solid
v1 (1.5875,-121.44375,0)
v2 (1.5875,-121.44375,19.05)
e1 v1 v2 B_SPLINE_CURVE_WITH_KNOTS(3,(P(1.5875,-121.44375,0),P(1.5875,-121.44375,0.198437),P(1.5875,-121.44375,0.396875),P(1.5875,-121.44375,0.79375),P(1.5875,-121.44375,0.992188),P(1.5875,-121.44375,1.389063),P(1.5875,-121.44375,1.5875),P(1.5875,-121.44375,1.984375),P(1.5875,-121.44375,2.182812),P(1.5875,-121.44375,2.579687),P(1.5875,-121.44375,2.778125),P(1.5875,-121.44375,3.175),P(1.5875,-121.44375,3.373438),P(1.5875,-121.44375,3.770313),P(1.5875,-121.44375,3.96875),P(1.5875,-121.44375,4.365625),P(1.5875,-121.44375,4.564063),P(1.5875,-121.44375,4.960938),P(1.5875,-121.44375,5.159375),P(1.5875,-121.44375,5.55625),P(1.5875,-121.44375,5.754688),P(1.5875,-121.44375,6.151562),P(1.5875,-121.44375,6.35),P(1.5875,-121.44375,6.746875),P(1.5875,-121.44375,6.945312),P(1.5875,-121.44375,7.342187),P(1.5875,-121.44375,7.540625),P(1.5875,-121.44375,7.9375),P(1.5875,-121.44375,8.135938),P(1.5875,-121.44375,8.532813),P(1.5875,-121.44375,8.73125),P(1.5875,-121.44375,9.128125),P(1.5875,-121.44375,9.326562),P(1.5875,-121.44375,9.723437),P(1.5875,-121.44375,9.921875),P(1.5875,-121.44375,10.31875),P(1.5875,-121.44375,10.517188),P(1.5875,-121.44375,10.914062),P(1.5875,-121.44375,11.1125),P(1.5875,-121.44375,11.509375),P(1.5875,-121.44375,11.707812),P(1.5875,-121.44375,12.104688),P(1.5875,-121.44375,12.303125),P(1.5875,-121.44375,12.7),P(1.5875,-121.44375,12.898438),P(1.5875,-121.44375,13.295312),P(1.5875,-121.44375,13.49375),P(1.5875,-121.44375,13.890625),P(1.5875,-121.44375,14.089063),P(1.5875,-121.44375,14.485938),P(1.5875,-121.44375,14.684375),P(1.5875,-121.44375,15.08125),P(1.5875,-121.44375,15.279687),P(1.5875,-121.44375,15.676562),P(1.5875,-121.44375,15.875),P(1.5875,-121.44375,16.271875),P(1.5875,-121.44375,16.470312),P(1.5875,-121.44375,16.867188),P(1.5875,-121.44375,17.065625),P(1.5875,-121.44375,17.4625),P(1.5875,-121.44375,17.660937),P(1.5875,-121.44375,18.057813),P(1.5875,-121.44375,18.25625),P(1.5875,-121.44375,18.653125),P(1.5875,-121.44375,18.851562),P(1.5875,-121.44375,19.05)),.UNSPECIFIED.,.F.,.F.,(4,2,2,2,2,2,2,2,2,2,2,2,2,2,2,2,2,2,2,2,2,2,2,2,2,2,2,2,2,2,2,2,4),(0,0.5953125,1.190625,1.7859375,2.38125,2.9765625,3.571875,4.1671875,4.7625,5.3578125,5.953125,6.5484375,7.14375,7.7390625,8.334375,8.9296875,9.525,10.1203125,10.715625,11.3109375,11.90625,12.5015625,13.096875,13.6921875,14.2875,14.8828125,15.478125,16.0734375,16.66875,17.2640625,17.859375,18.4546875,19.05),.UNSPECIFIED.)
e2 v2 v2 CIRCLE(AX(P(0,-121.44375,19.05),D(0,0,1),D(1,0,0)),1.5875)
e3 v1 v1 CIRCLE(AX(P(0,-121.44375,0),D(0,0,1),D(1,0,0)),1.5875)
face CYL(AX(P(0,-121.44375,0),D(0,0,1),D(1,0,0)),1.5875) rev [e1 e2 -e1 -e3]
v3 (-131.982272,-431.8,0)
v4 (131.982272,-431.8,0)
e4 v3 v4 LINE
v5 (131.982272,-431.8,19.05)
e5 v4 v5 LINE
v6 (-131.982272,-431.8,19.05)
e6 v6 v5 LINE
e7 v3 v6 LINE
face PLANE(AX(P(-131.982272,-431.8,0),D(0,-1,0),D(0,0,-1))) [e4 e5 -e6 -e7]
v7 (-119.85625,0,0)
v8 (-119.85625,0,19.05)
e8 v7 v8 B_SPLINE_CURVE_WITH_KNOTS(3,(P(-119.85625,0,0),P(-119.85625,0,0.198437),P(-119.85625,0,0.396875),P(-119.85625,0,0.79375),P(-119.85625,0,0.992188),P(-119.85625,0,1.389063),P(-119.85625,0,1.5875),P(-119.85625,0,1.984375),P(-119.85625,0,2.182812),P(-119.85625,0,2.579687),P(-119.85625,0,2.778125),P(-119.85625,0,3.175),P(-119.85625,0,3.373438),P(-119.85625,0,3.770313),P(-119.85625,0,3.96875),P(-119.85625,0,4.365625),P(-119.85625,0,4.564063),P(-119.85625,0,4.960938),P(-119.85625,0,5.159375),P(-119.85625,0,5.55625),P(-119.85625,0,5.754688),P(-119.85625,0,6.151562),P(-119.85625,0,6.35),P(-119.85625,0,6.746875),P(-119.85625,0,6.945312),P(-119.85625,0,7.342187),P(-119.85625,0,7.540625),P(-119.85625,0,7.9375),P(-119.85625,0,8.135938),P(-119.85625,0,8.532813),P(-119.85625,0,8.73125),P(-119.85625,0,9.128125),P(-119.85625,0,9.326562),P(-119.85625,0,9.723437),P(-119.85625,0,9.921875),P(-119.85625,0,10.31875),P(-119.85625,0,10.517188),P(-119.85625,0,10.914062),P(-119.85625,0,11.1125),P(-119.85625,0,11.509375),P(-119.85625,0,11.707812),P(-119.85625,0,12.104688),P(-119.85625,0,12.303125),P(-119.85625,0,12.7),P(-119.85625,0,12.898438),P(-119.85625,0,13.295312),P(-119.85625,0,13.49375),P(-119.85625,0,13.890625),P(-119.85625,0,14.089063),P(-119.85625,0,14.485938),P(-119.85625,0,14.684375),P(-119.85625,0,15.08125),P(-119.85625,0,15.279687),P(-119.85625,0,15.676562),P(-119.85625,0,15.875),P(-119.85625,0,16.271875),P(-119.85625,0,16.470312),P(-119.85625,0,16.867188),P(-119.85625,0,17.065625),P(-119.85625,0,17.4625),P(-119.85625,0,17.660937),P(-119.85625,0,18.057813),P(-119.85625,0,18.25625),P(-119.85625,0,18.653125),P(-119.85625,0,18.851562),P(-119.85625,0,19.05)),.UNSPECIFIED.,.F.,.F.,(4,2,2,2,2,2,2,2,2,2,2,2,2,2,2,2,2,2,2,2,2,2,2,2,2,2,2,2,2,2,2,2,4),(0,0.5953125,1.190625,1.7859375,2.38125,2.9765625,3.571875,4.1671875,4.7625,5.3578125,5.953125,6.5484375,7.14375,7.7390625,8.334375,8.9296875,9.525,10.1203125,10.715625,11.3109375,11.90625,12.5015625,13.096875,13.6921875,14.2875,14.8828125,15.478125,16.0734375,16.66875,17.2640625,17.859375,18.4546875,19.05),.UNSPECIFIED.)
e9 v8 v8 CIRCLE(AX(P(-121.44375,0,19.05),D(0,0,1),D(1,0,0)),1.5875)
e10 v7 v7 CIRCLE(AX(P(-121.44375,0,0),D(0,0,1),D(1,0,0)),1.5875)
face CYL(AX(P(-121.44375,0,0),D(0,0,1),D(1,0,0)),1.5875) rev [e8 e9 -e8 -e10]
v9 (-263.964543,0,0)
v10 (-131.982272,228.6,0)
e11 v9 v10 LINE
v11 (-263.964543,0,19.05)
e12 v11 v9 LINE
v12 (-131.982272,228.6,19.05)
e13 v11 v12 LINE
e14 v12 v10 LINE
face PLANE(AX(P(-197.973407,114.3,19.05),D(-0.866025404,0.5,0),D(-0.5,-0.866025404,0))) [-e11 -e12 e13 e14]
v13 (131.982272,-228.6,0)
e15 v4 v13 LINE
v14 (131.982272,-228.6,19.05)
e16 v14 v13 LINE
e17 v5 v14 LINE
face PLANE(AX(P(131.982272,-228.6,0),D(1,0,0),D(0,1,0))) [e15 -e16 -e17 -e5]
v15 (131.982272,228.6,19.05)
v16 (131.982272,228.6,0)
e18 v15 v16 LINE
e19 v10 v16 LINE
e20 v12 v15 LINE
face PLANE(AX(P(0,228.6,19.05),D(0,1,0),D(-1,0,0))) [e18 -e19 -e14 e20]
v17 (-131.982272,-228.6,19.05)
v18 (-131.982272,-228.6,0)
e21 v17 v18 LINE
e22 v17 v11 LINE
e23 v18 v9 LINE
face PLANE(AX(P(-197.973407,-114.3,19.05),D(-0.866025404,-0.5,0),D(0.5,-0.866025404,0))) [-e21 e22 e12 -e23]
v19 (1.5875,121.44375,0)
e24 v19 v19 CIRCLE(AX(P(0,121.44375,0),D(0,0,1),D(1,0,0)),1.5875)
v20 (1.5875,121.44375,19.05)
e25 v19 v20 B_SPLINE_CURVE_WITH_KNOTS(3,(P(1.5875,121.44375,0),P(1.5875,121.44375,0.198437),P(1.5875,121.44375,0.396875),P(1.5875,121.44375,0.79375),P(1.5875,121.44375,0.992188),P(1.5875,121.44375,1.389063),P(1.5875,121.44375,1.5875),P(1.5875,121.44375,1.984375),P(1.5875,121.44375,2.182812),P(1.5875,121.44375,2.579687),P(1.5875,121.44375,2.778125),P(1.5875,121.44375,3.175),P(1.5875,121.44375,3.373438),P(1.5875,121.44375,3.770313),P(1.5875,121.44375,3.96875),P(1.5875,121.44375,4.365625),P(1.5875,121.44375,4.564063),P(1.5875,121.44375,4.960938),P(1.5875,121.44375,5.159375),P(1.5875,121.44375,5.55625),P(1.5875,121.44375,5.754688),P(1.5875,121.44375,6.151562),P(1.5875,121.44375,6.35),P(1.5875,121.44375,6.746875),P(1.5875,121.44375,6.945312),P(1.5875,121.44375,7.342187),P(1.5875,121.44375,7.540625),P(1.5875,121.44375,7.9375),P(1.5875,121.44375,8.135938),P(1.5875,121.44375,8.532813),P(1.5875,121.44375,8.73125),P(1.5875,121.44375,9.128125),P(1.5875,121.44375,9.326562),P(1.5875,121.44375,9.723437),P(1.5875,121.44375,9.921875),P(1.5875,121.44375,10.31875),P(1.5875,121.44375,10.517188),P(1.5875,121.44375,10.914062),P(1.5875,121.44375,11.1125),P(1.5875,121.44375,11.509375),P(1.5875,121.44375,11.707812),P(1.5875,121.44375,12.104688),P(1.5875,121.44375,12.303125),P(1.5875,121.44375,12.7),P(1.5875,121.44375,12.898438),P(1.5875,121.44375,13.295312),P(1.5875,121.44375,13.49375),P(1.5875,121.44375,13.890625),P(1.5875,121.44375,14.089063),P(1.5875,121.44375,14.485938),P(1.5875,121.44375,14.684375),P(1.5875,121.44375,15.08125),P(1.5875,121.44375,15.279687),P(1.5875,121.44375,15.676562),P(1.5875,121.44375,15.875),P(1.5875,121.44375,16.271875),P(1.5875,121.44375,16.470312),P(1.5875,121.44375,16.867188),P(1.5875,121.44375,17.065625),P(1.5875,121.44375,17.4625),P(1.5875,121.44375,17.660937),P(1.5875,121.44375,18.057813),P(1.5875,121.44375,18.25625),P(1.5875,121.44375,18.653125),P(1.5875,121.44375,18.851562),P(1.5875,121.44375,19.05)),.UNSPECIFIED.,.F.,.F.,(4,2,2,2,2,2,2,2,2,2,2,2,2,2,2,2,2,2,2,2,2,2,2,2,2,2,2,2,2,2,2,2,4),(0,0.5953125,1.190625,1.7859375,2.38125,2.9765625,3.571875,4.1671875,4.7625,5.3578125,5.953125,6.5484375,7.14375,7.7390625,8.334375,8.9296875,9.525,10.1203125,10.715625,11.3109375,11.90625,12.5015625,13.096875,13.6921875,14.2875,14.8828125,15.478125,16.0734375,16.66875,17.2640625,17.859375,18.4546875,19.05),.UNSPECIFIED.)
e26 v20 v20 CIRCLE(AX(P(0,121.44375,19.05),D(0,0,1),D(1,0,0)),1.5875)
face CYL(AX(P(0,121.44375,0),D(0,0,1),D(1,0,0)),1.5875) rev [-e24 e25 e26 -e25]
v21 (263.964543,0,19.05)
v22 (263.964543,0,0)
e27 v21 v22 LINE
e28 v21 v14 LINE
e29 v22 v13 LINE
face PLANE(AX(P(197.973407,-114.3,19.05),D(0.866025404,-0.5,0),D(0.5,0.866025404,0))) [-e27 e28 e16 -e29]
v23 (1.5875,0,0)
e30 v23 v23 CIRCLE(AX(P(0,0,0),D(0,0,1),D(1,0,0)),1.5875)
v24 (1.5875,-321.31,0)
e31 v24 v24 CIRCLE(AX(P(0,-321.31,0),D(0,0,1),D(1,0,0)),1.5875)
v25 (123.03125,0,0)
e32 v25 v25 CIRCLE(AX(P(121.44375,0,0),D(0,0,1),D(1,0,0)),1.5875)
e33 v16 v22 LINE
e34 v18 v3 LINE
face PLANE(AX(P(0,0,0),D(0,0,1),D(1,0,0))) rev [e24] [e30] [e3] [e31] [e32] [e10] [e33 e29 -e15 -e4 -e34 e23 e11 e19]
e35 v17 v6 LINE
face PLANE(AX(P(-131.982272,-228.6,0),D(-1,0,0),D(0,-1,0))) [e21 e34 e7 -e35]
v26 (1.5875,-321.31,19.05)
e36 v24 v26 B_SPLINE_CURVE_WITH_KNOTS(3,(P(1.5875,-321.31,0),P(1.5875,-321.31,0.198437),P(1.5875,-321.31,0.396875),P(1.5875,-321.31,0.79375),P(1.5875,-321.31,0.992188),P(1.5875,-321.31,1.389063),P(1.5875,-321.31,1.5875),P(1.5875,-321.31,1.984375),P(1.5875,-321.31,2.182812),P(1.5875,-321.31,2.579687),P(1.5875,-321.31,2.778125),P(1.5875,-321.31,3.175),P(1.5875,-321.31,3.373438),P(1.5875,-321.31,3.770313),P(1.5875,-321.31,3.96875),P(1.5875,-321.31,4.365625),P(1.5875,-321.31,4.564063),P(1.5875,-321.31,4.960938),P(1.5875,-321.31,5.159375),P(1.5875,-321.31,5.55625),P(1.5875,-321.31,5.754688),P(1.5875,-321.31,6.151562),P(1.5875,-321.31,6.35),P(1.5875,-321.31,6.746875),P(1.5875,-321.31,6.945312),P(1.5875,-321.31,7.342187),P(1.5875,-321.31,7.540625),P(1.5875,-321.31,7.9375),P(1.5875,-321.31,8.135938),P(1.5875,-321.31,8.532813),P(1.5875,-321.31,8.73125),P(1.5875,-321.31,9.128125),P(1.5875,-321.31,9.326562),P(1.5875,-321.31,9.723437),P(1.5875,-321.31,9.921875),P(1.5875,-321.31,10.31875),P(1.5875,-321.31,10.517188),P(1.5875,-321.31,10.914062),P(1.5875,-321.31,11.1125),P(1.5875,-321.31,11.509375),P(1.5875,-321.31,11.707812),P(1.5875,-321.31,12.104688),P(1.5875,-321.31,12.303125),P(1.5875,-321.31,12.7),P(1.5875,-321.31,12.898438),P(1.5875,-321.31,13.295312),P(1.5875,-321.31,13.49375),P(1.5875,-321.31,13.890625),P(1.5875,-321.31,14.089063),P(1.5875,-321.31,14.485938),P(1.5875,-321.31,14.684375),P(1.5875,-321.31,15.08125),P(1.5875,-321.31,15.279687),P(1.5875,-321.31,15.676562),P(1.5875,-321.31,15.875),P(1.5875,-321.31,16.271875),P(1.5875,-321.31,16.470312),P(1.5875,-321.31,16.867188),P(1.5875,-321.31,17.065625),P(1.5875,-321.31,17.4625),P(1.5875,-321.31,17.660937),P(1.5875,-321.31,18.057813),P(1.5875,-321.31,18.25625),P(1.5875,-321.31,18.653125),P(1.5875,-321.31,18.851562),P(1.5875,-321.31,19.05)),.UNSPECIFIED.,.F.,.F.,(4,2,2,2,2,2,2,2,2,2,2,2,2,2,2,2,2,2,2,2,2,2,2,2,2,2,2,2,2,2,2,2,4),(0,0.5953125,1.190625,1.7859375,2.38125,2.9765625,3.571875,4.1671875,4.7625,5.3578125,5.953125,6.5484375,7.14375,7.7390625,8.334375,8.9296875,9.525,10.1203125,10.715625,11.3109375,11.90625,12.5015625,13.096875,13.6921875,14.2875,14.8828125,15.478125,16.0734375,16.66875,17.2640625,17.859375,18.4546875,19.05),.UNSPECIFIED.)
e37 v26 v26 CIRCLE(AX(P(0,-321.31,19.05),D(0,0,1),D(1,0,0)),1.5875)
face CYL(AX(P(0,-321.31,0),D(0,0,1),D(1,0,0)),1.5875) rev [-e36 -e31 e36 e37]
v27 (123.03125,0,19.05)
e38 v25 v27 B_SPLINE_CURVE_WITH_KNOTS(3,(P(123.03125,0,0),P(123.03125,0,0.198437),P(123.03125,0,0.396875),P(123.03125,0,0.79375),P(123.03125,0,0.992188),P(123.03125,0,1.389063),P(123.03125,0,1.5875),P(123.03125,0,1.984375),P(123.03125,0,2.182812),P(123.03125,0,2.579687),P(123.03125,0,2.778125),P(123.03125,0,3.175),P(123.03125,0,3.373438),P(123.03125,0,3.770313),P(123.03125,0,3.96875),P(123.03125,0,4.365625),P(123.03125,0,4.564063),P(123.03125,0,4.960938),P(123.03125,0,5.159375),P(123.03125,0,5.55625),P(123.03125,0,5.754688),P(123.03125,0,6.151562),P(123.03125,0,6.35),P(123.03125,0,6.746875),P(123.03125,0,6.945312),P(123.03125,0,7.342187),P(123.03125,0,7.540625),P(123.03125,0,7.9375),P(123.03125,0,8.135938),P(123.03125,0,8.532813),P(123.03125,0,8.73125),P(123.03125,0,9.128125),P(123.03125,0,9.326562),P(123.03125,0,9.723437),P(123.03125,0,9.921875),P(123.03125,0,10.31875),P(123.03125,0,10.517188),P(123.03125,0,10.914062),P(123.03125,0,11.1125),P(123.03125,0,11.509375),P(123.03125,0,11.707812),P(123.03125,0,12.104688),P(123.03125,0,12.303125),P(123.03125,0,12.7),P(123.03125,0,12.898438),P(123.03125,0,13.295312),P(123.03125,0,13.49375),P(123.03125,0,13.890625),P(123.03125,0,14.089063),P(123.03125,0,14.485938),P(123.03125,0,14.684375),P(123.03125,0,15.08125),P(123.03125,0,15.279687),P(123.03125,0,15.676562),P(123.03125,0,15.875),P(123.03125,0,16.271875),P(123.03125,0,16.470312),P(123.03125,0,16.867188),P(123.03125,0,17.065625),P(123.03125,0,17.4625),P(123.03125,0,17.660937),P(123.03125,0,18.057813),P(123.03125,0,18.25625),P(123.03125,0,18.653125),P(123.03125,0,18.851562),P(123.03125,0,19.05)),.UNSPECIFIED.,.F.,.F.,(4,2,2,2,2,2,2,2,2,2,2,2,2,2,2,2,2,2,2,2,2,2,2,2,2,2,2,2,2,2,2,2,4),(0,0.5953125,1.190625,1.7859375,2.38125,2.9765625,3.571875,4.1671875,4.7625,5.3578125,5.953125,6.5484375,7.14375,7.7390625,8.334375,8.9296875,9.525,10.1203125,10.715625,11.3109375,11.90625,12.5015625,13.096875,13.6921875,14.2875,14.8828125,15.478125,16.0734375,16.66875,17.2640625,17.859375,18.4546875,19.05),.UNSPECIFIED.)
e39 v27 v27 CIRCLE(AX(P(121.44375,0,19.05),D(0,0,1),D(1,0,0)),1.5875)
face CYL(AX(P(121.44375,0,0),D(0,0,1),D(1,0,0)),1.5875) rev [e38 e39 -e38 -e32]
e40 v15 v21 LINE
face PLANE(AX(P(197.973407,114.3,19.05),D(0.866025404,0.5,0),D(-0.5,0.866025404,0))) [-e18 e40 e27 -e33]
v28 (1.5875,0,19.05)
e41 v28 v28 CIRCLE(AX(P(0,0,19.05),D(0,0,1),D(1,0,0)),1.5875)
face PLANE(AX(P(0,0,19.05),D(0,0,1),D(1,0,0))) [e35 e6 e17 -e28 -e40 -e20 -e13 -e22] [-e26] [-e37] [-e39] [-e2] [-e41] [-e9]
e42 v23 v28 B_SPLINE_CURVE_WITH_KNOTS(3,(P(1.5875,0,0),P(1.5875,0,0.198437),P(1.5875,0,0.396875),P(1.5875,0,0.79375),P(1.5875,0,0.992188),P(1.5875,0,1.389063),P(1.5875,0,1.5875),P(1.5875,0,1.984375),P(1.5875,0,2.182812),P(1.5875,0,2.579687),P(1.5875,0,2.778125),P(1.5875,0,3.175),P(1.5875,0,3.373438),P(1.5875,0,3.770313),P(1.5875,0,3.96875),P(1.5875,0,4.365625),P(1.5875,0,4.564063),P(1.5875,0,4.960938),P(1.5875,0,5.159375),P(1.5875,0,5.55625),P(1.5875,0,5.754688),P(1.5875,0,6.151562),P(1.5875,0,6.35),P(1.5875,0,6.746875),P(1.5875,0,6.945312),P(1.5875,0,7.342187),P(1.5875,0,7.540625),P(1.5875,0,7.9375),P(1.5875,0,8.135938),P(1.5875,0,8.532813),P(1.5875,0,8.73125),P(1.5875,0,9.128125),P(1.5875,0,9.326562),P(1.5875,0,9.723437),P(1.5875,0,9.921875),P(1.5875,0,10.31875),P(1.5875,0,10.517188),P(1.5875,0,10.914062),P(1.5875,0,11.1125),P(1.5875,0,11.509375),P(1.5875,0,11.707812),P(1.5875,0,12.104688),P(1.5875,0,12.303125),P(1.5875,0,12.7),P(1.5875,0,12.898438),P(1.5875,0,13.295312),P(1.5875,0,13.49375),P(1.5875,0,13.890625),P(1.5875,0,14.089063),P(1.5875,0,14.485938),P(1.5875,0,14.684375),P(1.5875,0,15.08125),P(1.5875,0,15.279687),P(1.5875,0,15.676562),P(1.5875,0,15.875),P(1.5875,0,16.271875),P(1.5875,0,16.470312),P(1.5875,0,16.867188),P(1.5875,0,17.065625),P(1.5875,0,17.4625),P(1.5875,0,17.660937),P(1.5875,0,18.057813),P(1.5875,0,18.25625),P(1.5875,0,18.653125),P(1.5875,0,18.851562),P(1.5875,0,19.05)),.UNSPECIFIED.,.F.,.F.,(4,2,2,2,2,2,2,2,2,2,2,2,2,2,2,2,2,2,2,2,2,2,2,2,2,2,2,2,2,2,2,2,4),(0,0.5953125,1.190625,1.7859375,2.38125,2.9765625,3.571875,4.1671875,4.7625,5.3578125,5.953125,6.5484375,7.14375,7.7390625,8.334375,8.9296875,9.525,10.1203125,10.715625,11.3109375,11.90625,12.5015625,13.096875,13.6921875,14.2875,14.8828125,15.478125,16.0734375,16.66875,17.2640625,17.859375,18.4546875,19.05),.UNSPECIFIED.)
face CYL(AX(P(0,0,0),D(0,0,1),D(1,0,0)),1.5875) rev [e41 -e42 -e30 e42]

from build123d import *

# Parameters (mm, degrees)
BOSS_EXTRUDE1_DEPTH = 19.05
SKETCH2_W           = 263.964543074
SKETCH2_H           = 203.2
BOSS_EXTRUDE2_DEPTH = 19.05
SKETCH4_R           = 1.5875
CUT_EXTRUDE1_DEPTH  = 507.449822292
SKETCH5_R           = 1.5875
CUT_EXTRUDE2_DEPTH  = 507.449822292


with BuildPart() as part:
    # Sketch1 → Boss-Extrude1 (new body)
    with BuildSketch(Plane.XY):
        Polygon((-131.982271537, 228.6), (131.982271537, 228.6), (263.964543073, 0), (131.982271537, -228.6), (-131.982271537, -228.6), (-263.964543073, 0), align=None)
    extrude(amount=BOSS_EXTRUDE1_DEPTH)

    # Sketch2 → Boss-Extrude2 (add)
    with BuildSketch(Plane.XY.offset(19.05)):
        with Locations((0, -330.2)):
            Rectangle(SKETCH2_W, SKETCH2_H)
    extrude(amount=-BOSS_EXTRUDE2_DEPTH)

    # Sketch4 → Cut-Extrude1 (cut, through all)
    with BuildSketch(Plane.XY.offset(19.05)):
        Circle(SKETCH4_R)
        with Locations((0, -321.31)):
            Circle(SKETCH4_R)
    extrude(amount=-CUT_EXTRUDE1_DEPTH, mode=Mode.SUBTRACT)

    # Sketch5 → Cut-Extrude2 (cut, through all)
    with BuildSketch(Plane.XY.offset(19.05)):
        with Locations((-121.44375, 0)):
            Circle(SKETCH5_R)
        with Locations((0, 121.44375)):
            Circle(SKETCH5_R)
        with Locations((121.44375, 0)):
            Circle(SKETCH5_R)
        with Locations((0, -121.44375)):
            Circle(SKETCH5_R)
    extrude(amount=-CUT_EXTRUDE2_DEPTH, mode=Mode.SUBTRACT)


solid = part.part
